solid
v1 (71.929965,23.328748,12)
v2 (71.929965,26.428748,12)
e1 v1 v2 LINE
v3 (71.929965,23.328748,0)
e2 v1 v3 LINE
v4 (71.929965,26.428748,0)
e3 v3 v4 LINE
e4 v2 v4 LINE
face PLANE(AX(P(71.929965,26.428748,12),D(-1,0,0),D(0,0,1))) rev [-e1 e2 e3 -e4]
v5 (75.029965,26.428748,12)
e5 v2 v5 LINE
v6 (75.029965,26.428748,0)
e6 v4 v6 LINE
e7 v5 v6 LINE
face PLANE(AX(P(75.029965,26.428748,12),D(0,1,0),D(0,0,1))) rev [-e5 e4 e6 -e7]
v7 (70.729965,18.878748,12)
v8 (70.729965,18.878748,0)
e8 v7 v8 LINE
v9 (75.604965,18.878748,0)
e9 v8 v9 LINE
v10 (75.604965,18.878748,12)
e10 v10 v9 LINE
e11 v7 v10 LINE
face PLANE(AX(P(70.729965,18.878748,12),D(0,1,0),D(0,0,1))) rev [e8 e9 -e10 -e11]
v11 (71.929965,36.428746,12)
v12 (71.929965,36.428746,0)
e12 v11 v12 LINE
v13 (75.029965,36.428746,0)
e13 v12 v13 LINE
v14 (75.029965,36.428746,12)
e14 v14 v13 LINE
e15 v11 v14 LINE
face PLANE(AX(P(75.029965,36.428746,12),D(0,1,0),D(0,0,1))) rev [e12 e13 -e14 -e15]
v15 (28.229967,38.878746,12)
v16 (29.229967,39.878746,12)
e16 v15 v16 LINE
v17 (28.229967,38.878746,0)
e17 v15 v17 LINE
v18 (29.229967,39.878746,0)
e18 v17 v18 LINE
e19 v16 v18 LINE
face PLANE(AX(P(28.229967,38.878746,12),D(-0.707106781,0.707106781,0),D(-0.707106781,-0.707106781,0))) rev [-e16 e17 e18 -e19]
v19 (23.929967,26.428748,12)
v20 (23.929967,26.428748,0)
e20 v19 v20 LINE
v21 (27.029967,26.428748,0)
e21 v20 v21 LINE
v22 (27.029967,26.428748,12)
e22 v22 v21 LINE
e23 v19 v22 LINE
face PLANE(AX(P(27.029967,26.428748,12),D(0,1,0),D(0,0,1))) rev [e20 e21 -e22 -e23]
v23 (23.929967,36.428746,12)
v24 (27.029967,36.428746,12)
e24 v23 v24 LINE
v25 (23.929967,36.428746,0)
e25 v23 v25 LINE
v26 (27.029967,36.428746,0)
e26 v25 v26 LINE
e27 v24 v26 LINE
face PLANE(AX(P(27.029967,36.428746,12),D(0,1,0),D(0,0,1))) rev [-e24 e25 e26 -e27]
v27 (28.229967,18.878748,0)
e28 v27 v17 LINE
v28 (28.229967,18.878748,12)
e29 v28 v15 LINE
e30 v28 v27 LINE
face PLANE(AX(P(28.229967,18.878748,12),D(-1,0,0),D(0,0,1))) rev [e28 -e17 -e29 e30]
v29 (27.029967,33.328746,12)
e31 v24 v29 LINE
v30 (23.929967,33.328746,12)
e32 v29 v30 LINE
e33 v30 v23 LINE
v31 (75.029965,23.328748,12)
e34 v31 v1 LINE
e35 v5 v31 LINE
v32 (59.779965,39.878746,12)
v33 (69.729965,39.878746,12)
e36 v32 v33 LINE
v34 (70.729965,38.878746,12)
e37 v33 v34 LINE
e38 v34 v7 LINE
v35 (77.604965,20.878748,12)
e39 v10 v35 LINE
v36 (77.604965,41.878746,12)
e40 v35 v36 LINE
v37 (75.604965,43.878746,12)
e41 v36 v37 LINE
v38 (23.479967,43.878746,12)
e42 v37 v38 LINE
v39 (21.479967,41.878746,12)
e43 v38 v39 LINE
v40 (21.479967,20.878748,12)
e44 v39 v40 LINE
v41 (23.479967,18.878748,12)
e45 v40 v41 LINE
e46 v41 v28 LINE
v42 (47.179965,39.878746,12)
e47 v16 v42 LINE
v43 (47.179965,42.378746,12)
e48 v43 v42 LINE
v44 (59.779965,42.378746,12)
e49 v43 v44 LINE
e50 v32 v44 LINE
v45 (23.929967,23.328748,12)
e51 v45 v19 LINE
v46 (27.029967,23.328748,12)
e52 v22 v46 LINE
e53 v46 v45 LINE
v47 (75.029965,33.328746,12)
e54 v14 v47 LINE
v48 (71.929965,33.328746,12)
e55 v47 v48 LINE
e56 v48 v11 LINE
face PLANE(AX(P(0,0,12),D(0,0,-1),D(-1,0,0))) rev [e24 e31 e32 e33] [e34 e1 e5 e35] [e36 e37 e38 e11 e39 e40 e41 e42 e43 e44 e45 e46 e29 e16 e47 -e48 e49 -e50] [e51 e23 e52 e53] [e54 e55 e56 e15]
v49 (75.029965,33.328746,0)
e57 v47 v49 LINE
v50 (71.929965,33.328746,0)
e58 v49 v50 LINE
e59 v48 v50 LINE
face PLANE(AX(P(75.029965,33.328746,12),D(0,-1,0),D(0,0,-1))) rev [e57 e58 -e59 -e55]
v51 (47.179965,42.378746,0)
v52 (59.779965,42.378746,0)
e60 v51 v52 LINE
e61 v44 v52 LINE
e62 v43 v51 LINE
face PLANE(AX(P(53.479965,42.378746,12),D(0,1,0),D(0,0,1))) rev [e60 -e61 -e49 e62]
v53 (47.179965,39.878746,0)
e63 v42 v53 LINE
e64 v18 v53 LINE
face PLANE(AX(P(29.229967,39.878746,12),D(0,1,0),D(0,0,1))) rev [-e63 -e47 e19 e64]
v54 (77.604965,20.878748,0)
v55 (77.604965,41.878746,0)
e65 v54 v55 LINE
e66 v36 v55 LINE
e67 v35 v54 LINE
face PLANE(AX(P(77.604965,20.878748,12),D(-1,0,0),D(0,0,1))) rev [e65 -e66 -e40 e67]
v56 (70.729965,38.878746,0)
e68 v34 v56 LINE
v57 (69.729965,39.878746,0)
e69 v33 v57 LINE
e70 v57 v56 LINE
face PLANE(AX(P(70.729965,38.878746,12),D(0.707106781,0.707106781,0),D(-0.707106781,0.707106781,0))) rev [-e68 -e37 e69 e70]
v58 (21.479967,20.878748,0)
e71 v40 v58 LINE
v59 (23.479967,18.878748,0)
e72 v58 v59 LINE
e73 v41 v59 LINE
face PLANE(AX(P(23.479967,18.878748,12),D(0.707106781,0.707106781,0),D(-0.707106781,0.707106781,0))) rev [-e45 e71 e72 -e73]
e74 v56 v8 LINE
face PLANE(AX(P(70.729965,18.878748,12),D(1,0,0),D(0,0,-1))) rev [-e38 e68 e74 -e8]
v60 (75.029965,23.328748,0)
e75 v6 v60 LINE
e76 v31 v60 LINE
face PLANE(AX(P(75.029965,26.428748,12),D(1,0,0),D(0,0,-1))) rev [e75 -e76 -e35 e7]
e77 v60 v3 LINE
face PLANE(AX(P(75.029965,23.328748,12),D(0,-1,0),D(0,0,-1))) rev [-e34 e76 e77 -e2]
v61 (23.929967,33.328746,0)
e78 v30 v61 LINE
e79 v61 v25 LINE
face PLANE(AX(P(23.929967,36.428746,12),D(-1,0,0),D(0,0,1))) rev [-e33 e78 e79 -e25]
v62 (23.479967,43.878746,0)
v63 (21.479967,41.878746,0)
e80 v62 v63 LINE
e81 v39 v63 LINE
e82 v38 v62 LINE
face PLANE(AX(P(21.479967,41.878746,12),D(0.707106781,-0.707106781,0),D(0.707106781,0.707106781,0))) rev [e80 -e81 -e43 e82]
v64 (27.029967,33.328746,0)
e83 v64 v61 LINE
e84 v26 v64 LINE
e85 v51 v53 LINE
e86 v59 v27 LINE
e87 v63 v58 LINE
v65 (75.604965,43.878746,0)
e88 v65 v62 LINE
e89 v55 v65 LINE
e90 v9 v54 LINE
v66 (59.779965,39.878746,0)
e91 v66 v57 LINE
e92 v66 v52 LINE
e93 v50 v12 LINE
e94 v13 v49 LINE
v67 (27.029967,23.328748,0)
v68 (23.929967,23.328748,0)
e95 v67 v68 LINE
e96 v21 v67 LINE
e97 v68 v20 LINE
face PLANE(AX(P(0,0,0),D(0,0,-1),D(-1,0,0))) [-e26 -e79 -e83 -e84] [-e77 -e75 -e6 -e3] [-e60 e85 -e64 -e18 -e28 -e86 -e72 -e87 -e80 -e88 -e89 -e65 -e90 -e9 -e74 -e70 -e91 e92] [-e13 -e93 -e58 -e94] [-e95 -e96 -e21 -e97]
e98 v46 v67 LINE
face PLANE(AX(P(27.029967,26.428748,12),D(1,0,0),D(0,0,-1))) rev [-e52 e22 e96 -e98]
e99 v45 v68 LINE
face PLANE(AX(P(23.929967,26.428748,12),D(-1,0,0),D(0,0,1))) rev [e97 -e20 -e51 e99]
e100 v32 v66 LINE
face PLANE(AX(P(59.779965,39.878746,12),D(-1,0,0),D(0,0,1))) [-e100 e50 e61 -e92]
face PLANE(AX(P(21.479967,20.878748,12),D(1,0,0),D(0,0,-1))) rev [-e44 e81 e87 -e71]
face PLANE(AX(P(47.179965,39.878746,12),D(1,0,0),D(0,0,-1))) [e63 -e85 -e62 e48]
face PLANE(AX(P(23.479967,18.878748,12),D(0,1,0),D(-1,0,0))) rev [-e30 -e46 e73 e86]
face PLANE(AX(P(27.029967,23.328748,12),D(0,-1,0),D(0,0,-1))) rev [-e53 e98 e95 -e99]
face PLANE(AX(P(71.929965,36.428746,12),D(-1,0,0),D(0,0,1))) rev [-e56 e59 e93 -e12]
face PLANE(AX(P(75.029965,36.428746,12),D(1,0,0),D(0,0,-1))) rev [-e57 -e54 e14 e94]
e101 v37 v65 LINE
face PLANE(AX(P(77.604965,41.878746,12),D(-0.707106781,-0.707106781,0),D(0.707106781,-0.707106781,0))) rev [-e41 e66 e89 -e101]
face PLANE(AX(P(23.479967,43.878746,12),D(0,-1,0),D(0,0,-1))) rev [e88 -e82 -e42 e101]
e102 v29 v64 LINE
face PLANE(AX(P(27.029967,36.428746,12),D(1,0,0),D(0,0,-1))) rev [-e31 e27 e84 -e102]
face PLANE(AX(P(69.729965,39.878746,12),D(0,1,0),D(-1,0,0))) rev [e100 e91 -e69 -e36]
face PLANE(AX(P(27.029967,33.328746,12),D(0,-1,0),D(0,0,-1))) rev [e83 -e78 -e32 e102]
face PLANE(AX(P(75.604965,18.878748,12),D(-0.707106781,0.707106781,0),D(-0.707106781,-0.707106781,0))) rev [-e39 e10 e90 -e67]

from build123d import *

# Parameters (mm, degrees)
ESBO_O2_W                = 2.5
ESBO_O2_H                = 2.5
RESSALTO_EXTRUS_O1_DEPTH = 12
ESBO_O5_W                = 0.7
ESBO_O5_H                = 2.5
RESSALTO_EXTRUS_O2_DEPTH = 12
ESBO_O7_W                = 3.1
ESBO_O7_H                = 3.1
CORTE_EXTRUS_O5_DEPTH    = 90.954849667


with BuildPart() as part:
    # Esboço2 → Ressalto-extrusão1 (new body)
    with BuildSketch(Plane.XY):
        Polygon((70.72996521, 18.87874794), (75.60496521, 18.87874794), (77.60496521, 20.87874794), (77.60496521, 41.878746033), (75.60496521, 43.878746033), (23.479967117, 43.878746033), (21.479967117, 41.878746033), (21.479967117, 20.87874794), (23.479967117, 18.87874794), (28.229967117, 18.87874794), (28.229967117, 38.878746033), (29.229967117, 39.878746033), (46.47996521, 39.878746033), (46.47996521, 42.378746033), (53.47996521, 42.378746033), (60.47996521, 42.378746033), (60.47996521, 39.878746033), (69.72996521, 39.878746033), (70.72996521, 38.878746033), align=None)
        with Locations((25.479967117, 34.878746033)):
            Rectangle(ESBO_O2_W, ESBO_O2_H, mode=Mode.SUBTRACT)
        with Locations((25.479967117, 24.87874794)):
            Rectangle(ESBO_O2_W, ESBO_O2_H, mode=Mode.SUBTRACT)
        with Locations((73.47996521, 34.878746033)):
            Rectangle(ESBO_O2_W, ESBO_O2_H, mode=Mode.SUBTRACT)
        with Locations((73.47996521, 24.87874794)):
            Rectangle(ESBO_O2_W, ESBO_O2_H, mode=Mode.SUBTRACT)
    extrude(amount=RESSALTO_EXTRUS_O1_DEPTH)

    # Esboço5 → Ressalto-extrusão2 (add, through all)
    with BuildSketch(Plane(origin=(0, 0, 0), x_dir=(-1, 0, 0), z_dir=(0, 0, -1))):
        with Locations((-60.12996521, 41.128746033)):
            Rectangle(ESBO_O5_W, ESBO_O5_H)
        with Locations((-46.82996521, 41.128746033)):
            Rectangle(ESBO_O5_W, ESBO_O5_H)
    extrude(amount=-RESSALTO_EXTRUS_O2_DEPTH)

    # Esboço7 → Corte-extrusão5 (cut, through all)
    with BuildSketch(Plane(origin=(0, 0, 0), x_dir=(-1, 0, 0), z_dir=(0, 0, -1))):
        with Locations((-73.47996521, 34.878746033)):
            Rectangle(ESBO_O7_W, ESBO_O7_H)
        with Locations((-73.47996521, 24.87874794)):
            Rectangle(ESBO_O7_W, ESBO_O7_H)
        with Locations((-25.479967117, 24.87874794)):
            Rectangle(ESBO_O7_W, ESBO_O7_H)
        with Locations((-25.479967117, 34.878746033)):
            Rectangle(ESBO_O7_W, ESBO_O7_H)
    extrude(amount=-CORTE_EXTRUS_O5_DEPTH, mode=Mode.SUBTRACT)


solid = part.part
